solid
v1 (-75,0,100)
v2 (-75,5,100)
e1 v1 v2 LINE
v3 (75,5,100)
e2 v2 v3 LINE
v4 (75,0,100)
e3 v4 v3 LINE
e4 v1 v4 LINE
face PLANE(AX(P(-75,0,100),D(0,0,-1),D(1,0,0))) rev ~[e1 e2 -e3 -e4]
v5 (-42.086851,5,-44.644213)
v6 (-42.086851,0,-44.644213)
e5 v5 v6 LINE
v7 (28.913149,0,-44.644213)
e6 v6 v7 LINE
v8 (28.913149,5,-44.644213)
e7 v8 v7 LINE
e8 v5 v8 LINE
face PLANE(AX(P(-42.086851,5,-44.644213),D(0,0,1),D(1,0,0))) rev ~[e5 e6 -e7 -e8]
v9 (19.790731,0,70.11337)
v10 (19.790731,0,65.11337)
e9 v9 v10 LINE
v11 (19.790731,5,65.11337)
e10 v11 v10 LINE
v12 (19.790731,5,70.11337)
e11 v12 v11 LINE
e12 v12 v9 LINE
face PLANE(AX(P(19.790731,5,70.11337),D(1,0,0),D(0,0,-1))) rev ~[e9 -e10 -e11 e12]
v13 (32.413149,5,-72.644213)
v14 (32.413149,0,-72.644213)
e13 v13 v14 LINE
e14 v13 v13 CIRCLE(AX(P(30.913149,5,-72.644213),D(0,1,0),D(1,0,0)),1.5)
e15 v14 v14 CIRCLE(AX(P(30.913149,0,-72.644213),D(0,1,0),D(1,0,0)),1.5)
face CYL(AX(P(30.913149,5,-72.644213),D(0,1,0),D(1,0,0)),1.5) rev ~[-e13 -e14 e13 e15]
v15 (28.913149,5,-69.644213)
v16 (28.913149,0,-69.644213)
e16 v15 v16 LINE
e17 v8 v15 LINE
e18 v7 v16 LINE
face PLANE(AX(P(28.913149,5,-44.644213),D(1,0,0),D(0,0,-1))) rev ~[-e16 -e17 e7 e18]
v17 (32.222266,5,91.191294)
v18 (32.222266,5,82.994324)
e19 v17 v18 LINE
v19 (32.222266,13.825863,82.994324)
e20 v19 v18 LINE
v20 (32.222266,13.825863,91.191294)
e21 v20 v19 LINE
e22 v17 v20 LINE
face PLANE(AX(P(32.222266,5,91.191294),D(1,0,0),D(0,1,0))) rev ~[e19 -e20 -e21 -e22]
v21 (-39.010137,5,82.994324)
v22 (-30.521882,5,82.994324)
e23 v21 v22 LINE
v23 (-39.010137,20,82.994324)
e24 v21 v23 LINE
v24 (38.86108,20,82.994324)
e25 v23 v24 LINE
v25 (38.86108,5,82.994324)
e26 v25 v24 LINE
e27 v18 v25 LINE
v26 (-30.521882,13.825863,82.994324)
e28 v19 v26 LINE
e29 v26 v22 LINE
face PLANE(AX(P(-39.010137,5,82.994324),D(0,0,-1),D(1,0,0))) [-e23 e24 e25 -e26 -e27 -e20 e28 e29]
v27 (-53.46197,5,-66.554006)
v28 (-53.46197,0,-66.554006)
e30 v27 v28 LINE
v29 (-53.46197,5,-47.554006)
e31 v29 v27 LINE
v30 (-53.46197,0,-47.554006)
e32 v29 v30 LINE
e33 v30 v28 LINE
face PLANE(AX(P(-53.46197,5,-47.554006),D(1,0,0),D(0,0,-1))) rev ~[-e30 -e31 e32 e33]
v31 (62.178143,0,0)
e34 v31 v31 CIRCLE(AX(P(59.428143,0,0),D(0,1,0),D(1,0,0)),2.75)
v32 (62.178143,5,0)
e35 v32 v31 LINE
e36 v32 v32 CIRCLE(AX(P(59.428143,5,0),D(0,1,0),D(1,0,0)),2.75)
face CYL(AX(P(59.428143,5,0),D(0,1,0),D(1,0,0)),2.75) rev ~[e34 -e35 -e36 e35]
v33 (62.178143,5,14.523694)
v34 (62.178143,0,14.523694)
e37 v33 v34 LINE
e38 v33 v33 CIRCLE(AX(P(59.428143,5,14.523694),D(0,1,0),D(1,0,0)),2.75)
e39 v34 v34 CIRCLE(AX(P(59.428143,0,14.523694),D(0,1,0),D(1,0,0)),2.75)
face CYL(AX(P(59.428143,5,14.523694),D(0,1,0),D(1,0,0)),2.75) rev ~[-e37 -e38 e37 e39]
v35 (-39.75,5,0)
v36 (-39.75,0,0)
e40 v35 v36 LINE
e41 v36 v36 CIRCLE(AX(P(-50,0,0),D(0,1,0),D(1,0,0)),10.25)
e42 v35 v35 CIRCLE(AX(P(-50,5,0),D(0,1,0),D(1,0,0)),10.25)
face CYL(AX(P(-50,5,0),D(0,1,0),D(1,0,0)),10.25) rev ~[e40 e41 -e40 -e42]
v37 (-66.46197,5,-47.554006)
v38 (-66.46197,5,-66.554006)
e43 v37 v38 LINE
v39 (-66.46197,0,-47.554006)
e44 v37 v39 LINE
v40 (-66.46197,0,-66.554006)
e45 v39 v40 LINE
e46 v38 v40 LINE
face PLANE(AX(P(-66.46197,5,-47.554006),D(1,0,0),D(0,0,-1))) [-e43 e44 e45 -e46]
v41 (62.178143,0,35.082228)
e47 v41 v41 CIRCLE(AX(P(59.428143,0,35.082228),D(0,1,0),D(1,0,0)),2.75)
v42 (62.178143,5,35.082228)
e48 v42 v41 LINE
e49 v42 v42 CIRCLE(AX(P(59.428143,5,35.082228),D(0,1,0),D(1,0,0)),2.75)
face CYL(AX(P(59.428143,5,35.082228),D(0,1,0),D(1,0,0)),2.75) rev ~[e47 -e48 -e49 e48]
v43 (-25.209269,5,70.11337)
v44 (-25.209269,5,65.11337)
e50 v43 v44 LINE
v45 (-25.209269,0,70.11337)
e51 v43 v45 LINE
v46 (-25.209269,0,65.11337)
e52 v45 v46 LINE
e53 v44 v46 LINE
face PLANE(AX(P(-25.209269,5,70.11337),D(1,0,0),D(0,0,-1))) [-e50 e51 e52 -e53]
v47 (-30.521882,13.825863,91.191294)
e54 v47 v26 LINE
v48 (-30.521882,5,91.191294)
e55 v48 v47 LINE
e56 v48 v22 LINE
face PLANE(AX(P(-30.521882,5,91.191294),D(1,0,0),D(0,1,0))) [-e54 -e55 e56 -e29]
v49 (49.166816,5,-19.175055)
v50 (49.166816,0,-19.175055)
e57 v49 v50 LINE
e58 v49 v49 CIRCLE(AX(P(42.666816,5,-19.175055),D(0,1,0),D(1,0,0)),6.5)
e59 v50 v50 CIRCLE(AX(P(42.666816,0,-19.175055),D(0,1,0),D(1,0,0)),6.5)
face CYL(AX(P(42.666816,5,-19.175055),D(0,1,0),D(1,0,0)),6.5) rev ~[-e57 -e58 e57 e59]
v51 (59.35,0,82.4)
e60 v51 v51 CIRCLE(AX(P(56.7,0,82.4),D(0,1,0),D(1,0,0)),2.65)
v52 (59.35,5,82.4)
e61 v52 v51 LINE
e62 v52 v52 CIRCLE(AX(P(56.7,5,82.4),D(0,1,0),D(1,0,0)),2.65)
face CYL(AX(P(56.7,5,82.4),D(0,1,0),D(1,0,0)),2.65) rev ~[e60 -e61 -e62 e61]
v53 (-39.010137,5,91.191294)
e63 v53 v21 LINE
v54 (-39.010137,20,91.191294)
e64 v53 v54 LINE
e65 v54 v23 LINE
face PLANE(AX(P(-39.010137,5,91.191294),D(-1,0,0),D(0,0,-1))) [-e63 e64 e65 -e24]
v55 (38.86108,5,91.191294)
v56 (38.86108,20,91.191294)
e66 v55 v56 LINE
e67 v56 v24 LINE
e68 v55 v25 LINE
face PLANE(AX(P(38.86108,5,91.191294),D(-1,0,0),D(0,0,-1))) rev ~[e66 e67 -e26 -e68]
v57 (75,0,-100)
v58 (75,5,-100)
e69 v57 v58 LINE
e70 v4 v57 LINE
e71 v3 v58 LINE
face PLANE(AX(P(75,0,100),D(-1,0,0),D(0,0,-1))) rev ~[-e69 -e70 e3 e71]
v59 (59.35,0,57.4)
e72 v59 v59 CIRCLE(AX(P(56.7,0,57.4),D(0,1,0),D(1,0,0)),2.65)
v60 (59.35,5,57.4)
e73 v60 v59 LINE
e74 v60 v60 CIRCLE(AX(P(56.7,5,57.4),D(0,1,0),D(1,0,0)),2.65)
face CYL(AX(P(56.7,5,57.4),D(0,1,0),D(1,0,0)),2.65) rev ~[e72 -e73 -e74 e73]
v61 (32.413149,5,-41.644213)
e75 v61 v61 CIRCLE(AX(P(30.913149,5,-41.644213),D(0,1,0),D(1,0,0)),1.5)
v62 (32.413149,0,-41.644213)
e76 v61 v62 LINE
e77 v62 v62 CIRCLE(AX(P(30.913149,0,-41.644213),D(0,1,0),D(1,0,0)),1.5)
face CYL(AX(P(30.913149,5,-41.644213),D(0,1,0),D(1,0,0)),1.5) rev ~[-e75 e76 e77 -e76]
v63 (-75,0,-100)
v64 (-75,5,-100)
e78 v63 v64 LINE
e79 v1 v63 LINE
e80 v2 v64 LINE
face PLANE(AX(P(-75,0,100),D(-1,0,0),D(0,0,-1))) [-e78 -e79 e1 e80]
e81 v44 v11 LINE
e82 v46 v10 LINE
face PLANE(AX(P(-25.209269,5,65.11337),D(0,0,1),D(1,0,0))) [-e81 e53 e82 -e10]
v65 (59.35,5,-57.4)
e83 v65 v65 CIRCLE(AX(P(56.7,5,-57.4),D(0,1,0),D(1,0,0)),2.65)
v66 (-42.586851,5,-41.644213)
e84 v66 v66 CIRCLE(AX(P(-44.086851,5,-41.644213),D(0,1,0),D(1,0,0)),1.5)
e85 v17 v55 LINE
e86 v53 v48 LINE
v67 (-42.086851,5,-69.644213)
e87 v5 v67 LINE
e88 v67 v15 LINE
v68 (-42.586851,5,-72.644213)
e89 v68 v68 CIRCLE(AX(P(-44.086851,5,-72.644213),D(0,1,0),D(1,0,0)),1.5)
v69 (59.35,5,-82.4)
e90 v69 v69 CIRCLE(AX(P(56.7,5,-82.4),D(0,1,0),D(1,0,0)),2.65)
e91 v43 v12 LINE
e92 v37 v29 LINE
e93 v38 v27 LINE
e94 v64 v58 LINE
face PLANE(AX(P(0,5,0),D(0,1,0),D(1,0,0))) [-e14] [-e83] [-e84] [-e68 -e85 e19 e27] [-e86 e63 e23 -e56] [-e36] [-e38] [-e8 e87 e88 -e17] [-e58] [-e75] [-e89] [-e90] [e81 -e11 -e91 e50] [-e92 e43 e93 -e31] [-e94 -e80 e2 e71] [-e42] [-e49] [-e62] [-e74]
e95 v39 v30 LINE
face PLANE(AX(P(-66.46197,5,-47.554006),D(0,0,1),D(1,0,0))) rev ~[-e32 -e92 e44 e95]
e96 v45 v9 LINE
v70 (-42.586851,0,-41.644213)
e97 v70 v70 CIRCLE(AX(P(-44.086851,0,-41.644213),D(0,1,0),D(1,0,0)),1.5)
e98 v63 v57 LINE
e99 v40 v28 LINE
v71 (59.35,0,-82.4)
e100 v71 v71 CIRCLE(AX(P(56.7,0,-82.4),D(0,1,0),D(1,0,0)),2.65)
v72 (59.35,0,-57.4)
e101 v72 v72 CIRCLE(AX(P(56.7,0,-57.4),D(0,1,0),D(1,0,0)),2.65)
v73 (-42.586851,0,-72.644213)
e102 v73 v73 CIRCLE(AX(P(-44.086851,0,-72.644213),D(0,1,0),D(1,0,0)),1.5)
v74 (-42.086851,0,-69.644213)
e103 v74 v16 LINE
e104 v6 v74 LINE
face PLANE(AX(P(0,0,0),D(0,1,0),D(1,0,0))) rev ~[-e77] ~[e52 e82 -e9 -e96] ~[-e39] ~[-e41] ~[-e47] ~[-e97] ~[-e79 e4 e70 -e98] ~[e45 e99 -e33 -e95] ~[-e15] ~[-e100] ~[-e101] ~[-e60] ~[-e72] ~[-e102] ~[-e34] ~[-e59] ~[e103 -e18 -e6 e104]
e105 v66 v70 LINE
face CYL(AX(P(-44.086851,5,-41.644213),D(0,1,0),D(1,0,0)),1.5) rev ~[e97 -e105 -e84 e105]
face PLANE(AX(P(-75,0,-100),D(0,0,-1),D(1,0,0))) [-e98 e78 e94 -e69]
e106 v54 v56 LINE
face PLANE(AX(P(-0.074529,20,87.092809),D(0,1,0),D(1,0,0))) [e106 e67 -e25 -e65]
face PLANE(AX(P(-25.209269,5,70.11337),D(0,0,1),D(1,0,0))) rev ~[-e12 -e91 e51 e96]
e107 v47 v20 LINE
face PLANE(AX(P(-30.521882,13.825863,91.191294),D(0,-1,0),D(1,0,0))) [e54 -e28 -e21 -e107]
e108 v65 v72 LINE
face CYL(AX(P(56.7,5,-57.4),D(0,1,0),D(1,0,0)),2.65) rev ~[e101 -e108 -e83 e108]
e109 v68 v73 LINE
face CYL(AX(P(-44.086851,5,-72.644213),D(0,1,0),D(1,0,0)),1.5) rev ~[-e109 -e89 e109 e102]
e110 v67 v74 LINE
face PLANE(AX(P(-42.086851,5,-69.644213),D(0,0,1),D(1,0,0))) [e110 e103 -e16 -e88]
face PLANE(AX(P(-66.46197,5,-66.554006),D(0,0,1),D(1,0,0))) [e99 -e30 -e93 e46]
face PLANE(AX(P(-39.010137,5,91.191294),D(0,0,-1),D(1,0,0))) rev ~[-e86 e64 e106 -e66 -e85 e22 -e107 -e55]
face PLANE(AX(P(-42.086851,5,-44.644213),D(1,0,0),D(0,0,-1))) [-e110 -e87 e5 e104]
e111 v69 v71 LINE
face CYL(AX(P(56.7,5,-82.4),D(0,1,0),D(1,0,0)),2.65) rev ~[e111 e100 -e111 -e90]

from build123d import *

# Parameters (mm, degrees)
SKETCH1_W           = 150
SKETCH1_H           = 200
BOSS_EXTRUDE1_DEPTH = 5
CUT_EXTRUDE1_REACH  = 7
SKETCH2_R           = 10.25
SKETCH2_R_2         = 2.65
SKETCH3_R           = 1.5
SKETCH3_R_2         = 6.5
SKETCH3_R_3         = 2.75
SKETCH3_W           = 71
SKETCH3_H           = 25
SKETCH3_W_2         = 45
SKETCH3_H_2         = 5
SKETCH3_W_3         = 13
SKETCH3_H_3         = 19
CUT_EXTRUDE2_DEPTH  = 10
SKETCH4_W           = 77.871217223
SKETCH4_H           = 8.196970234
BOSS_EXTRUDE2_DEPTH = 15
SKETCH5_W           = 62.74414778
SKETCH5_H           = 8.82586267
CUT_EXTRUDE3_DEPTH  = 15


with BuildPart() as part:
    # Sketch1 → Boss-Extrude1 (new body)
    with BuildSketch(Plane(origin=(0, 0, 0), x_dir=(1, 0, 0), z_dir=(0, 1, 0))):
        Rectangle(SKETCH1_W, SKETCH1_H)
    extrude(amount=BOSS_EXTRUDE1_DEPTH)

    # Sketch2 → Cut-Extrude1 (cut, up to next)
    with BuildSketch(Plane(origin=(0, 5, 0), x_dir=(1, 0, 0), z_dir=(0, 1, 0)), mode=Mode.PRIVATE) as cut_extrude1_sk1:
        with Locations((-50, 0)):
            Circle(SKETCH2_R)
    cut_extrude1_tool1 = extrude(cut_extrude1_sk1.sketch, amount=-CUT_EXTRUDE1_REACH, mode=Mode.PRIVATE) & part.part
    add(cut_extrude1_tool1.solids().sort_by_distance((-50, 5, 0))[0], mode=Mode.SUBTRACT)
    # Sketch2 → Cut-Extrude1 (cut, up to next)
    with BuildSketch(Plane(origin=(0, 5, 0), x_dir=(1, 0, 0), z_dir=(0, 1, 0)), mode=Mode.PRIVATE) as cut_extrude1_sk2:
        with Locations((56.7, 82.4)):
            Circle(SKETCH2_R_2)
    cut_extrude1_tool2 = extrude(cut_extrude1_sk2.sketch, amount=-CUT_EXTRUDE1_REACH, mode=Mode.PRIVATE) & part.part
    add(cut_extrude1_tool2.solids().sort_by_distance((56.7, 5, -82.4))[0], mode=Mode.SUBTRACT)
    # Sketch2 → Cut-Extrude1 (cut, up to next)
    with BuildSketch(Plane(origin=(0, 5, 0), x_dir=(1, 0, 0), z_dir=(0, 1, 0)), mode=Mode.PRIVATE) as cut_extrude1_sk3:
        with Locations((56.7, 57.4)):
            Circle(SKETCH2_R_2)
    cut_extrude1_tool3 = extrude(cut_extrude1_sk3.sketch, amount=-CUT_EXTRUDE1_REACH, mode=Mode.PRIVATE) & part.part
    add(cut_extrude1_tool3.solids().sort_by_distance((56.7, 5, -57.4))[0], mode=Mode.SUBTRACT)
    # Sketch2 → Cut-Extrude1 (cut, up to next)
    with BuildSketch(Plane(origin=(0, 5, 0), x_dir=(1, 0, 0), z_dir=(0, 1, 0)), mode=Mode.PRIVATE) as cut_extrude1_sk4:
        with Locations((56.7, -57.4)):
            Circle(SKETCH2_R_2)
    cut_extrude1_tool4 = extrude(cut_extrude1_sk4.sketch, amount=-CUT_EXTRUDE1_REACH, mode=Mode.PRIVATE) & part.part
    add(cut_extrude1_tool4.solids().sort_by_distance((56.7, 5, 57.4))[0], mode=Mode.SUBTRACT)
    # Sketch2 → Cut-Extrude1 (cut, up to next)
    with BuildSketch(Plane(origin=(0, 5, 0), x_dir=(1, 0, 0), z_dir=(0, 1, 0)), mode=Mode.PRIVATE) as cut_extrude1_sk5:
        with Locations((56.7, -82.4)):
            Circle(SKETCH2_R_2)
    cut_extrude1_tool5 = extrude(cut_extrude1_sk5.sketch, amount=-CUT_EXTRUDE1_REACH, mode=Mode.PRIVATE) & part.part
    add(cut_extrude1_tool5.solids().sort_by_distance((56.7, 5, 82.4))[0], mode=Mode.SUBTRACT)

    # Sketch3 → Cut-Extrude2 (cut)
    with BuildSketch(Plane(origin=(0, 5, 0), x_dir=(1, 0, 0), z_dir=(0, 1, 0))):
        with Locations((-44.086851081, 72.644212882)):
            Circle(SKETCH3_R)
        with Locations((-44.086851081, 41.644212882)):
            Circle(SKETCH3_R)
        with Locations((30.913148919, 72.644212882)):
            Circle(SKETCH3_R)
        with Locations((30.913148919, 41.644212882)):
            Circle(SKETCH3_R)
        with Locations((42.666816073, 19.175055369)):
            Circle(SKETCH3_R_2)
        with Locations((59.428143187, 0)):
            Circle(SKETCH3_R_3)
        with Locations((59.428143187, -14.52369357)):
            Circle(SKETCH3_R_3)
        with Locations((59.428143187, -35.082227639)):
            Circle(SKETCH3_R_3)
        with Locations((-6.586851081, 57.144212882)):
            Rectangle(SKETCH3_W, SKETCH3_H)
        with Locations((-2.709269151, -67.613370395)):
            Rectangle(SKETCH3_W_2, SKETCH3_H_2)
        with Locations((-59.961970151, 57.054006432)):
            Rectangle(SKETCH3_W_3, SKETCH3_H_3)
    extrude(amount=-CUT_EXTRUDE2_DEPTH, mode=Mode.SUBTRACT)

    # Sketch4 → Boss-Extrude2 (add)
    with BuildSketch(Plane(origin=(0, 5, 0), x_dir=(1, 0, 0), z_dir=(0, 1, 0))):
        with Locations((-0.074528718, -87.092808737)):
            Rectangle(SKETCH4_W, SKETCH4_H)
    extrude(amount=BOSS_EXTRUDE2_DEPTH)

    # Sketch5 → Cut-Extrude3 (cut)
    with BuildSketch(Plane.XY.offset(91.191293854)):
        with Locations((0.850191704, 9.412931335)):
            Rectangle(SKETCH5_W, SKETCH5_H)
    extrude(amount=-CUT_EXTRUDE3_DEPTH, mode=Mode.SUBTRACT)


solid = part.part
